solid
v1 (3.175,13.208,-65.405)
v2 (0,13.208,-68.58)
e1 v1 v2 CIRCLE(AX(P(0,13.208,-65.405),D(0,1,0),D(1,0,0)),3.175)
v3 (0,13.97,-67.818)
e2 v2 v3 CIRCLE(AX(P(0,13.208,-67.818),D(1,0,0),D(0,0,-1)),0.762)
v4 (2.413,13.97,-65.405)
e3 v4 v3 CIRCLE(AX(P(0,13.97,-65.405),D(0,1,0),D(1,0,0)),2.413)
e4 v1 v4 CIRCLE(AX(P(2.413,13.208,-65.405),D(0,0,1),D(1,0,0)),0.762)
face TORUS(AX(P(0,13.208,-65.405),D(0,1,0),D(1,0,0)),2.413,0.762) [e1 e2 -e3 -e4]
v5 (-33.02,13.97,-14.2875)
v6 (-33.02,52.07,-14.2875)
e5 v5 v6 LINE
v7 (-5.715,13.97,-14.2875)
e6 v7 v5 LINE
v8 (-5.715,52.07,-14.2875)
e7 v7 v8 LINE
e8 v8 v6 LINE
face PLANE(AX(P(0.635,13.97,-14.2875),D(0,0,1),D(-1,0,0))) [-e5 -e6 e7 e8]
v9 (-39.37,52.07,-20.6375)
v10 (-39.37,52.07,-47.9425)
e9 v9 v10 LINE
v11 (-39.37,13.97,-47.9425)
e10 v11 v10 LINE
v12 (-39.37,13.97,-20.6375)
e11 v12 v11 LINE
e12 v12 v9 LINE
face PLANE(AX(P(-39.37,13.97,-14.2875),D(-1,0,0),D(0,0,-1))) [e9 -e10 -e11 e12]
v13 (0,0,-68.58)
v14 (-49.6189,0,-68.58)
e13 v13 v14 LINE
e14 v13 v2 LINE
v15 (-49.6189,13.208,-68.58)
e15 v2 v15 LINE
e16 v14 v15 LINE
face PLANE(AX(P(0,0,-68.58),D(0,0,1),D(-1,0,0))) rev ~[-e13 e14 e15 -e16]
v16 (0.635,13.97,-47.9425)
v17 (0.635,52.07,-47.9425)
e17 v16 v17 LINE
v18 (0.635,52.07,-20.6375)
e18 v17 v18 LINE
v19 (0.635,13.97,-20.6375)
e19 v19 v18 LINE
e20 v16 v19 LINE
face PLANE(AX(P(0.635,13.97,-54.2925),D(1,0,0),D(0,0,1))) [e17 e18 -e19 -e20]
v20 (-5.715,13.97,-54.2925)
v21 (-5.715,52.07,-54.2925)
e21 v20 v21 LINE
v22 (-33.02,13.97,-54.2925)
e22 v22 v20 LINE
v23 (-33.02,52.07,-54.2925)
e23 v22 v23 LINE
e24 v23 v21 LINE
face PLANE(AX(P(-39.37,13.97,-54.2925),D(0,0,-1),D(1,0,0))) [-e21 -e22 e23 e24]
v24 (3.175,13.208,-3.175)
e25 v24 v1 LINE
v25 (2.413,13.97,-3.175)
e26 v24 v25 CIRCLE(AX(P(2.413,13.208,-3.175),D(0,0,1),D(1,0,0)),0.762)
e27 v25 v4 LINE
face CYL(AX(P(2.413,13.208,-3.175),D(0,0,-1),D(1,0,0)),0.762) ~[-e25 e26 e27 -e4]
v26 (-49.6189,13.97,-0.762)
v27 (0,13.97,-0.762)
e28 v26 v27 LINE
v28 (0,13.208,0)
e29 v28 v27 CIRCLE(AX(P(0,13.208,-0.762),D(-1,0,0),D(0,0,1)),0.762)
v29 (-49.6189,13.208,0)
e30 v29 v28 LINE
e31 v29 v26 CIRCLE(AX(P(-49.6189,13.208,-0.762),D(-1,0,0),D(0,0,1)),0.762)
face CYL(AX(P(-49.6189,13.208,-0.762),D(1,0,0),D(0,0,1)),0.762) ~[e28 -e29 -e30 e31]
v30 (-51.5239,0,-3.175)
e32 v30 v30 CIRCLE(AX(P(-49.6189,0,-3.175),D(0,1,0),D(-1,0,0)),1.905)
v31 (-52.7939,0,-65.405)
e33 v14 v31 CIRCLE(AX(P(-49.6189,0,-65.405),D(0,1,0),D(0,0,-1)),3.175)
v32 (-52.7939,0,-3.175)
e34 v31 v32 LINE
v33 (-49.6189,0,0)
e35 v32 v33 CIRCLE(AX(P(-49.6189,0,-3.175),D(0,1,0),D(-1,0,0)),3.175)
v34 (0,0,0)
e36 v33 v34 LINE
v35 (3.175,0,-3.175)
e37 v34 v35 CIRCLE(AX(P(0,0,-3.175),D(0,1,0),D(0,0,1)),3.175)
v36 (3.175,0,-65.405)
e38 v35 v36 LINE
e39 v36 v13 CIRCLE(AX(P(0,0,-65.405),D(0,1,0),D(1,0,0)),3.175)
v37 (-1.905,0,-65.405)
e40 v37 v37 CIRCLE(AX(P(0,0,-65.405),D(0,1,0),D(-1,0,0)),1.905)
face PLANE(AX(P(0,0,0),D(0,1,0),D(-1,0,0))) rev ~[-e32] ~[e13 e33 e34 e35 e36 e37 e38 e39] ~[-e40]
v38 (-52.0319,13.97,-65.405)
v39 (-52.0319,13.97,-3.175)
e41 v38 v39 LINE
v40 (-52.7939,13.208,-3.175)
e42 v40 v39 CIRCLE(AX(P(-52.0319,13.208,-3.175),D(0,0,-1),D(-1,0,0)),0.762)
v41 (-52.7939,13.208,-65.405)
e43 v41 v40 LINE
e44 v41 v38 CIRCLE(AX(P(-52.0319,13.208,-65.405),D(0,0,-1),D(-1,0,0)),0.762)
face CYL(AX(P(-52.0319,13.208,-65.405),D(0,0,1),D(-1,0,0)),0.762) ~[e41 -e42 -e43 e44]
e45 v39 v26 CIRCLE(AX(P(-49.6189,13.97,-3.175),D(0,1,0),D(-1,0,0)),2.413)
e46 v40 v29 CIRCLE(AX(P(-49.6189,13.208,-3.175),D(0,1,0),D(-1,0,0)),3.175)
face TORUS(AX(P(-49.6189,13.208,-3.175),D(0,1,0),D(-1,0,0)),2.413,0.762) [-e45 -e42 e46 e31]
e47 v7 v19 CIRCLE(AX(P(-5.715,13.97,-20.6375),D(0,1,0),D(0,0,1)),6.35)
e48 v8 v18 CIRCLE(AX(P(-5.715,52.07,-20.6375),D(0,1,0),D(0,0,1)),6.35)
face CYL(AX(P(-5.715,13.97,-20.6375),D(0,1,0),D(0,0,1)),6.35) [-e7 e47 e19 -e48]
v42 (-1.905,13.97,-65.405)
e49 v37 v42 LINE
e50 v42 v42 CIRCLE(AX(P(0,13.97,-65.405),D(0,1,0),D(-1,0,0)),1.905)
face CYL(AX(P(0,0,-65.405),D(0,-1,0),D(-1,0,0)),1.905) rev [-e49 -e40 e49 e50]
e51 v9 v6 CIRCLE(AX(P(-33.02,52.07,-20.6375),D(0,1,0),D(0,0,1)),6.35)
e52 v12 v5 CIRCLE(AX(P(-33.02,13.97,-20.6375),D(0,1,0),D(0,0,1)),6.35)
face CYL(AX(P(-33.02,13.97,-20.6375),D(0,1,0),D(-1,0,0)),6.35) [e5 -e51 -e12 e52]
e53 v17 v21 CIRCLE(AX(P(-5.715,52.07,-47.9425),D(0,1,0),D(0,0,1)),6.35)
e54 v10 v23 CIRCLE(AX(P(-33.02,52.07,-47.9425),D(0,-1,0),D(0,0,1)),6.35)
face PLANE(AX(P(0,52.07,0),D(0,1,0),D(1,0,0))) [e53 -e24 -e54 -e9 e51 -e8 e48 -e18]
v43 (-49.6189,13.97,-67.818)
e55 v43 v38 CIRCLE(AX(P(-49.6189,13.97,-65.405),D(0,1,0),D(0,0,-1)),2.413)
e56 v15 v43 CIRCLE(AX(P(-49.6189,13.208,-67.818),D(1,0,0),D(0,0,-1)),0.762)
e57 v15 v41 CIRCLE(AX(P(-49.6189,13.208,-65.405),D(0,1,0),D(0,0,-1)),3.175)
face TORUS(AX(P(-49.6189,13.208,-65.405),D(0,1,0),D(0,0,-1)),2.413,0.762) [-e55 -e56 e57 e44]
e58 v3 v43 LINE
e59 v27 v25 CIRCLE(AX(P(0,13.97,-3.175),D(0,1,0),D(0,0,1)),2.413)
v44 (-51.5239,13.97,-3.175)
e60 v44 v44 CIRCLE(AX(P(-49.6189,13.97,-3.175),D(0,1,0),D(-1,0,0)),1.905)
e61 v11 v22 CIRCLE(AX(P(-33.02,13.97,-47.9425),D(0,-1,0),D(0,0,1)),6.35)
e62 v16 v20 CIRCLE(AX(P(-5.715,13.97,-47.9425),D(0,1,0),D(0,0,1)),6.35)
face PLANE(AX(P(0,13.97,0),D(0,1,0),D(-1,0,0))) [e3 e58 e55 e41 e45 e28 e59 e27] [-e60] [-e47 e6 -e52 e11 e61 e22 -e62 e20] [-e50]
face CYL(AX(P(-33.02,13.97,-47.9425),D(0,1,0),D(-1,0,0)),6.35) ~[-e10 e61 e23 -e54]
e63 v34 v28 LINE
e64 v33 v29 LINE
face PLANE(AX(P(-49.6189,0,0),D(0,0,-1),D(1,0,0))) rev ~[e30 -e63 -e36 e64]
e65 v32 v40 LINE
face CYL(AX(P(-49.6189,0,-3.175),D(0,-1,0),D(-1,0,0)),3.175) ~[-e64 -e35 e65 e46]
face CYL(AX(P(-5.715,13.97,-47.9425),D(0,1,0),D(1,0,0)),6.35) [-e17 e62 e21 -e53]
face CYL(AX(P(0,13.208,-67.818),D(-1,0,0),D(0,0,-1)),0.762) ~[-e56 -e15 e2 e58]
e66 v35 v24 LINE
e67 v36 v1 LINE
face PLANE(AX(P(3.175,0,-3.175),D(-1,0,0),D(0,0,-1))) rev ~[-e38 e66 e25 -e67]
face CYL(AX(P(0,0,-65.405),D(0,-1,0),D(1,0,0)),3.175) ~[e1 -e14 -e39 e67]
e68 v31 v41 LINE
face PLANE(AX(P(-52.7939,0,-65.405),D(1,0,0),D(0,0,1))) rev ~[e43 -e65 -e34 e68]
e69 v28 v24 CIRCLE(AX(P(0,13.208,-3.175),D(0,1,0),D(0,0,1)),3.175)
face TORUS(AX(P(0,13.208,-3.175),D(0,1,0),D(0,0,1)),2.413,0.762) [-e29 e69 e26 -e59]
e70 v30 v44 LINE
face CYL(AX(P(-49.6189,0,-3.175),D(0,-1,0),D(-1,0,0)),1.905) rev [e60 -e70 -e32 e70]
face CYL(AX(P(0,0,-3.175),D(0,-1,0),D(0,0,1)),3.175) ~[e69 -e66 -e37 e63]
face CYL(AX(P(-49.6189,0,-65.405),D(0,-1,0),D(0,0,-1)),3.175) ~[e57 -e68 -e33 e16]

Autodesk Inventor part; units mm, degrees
ref_plane "YZ Plane" through (0, 0, 0) normal (1, 0, 0) x (0, 1, 0)
ref_plane "XZ Plane" through (0, 0, 0) normal (0, 1, 0) x (-1, 0, 0)
ref_plane "XY Plane" through (0, 0, 0) normal (0, 0, 1) x (1, 0, 0)
sketch "Sketch2" plane through (0, 0, 0) normal (0, 1, 0) x (-1, 0, 0)
  circle A0 centre (49.6189, -7.9375) radius 2.6988 construction
  circle A1 centre (0, -3.175) radius 2.6988 construction
  circle A2 centre (49.6189, -3.175) radius 1.905
  circle A3 centre (0, -65.405) radius 1.905
  arc A4 (49.6189, -68.58) -> (52.7939, -65.405) centre (49.6189, -65.405) ccw
  line L0 (52.7939, -65.405) -> (52.7939, -3.175)
  arc A5 (52.7939, -3.175) -> (49.6189, 0) centre (49.6189, -3.175) ccw
  line L1 (49.6189, 0) -> (0, 0)
  arc A6 (0, 0) -> (-3.175, -3.175) centre (0, -3.175) ccw
  line L2 (-3.175, -3.175) -> (-3.175, -65.405)
  arc A7 (-3.175, -65.405) -> (0, -68.58) centre (0, -65.405) ccw
  line L3 (0, -68.58) -> (49.6189, -68.58)
  circle A8 centre (49.6189, -65.405) radius 2.6988 construction
  circle A9 centre (0, -60.6425) radius 2.6988 construction
  point P0 (24.8095, -34.29)
extrude "Extrusion1" add sketch "Sketch2" along normal blind 13.97
fillet "Fillet1" radius 0.762 8 edges at (-52.7939, 13.97, -34.29) (-51.864, 13.97, -0.9299) (-24.8095, 13.97, 0) (2.2451, 13.97, -0.9299) (3.175, 13.97, -34.29) (2.2451, 13.97, -67.6501) (-24.8095, 13.97, -68.58) (-51.864, 13.97, -67.6501)
sketch "Sketch3" plane through (0, 13.97, 0) normal (0, 1, 0) x (1, 0, 0)
  line L0 (-52.0319, 3.175) -> (-52.0319, 65.405) projected
  line L1 (-39.37, 54.2925) -> (0.635, 54.2925)
  line L2 (0.635, 54.2925) -> (0.635, 14.2875)
  line L3 (0.635, 14.2875) -> (-39.37, 14.2875)
  line L4 (-39.37, 14.2875) -> (-39.37, 54.2925)
  line L5 (3.175, 3.175) -> (3.175, 65.405) projected
  point P0 (0, 0)
  point P1 (-52.0319, 34.29)
  point P2 (-39.37, 34.29)
  dimension "d3" = 40.005
  dimension "d4" = 40.005
  dimension "d5" = 2.54
extrude "Extrusion2" add sketch "Sketch3" along normal blind 38.1
fillet "Fillet2" radius 6.35 4 edges at (-39.37, 33.02, -14.2875) (0.635, 33.02, -14.2875) (0.635, 33.02, -54.2925) (-39.37, 33.02, -54.2925)
properties part number "Victor Controller" material "Nylon 6/6"
